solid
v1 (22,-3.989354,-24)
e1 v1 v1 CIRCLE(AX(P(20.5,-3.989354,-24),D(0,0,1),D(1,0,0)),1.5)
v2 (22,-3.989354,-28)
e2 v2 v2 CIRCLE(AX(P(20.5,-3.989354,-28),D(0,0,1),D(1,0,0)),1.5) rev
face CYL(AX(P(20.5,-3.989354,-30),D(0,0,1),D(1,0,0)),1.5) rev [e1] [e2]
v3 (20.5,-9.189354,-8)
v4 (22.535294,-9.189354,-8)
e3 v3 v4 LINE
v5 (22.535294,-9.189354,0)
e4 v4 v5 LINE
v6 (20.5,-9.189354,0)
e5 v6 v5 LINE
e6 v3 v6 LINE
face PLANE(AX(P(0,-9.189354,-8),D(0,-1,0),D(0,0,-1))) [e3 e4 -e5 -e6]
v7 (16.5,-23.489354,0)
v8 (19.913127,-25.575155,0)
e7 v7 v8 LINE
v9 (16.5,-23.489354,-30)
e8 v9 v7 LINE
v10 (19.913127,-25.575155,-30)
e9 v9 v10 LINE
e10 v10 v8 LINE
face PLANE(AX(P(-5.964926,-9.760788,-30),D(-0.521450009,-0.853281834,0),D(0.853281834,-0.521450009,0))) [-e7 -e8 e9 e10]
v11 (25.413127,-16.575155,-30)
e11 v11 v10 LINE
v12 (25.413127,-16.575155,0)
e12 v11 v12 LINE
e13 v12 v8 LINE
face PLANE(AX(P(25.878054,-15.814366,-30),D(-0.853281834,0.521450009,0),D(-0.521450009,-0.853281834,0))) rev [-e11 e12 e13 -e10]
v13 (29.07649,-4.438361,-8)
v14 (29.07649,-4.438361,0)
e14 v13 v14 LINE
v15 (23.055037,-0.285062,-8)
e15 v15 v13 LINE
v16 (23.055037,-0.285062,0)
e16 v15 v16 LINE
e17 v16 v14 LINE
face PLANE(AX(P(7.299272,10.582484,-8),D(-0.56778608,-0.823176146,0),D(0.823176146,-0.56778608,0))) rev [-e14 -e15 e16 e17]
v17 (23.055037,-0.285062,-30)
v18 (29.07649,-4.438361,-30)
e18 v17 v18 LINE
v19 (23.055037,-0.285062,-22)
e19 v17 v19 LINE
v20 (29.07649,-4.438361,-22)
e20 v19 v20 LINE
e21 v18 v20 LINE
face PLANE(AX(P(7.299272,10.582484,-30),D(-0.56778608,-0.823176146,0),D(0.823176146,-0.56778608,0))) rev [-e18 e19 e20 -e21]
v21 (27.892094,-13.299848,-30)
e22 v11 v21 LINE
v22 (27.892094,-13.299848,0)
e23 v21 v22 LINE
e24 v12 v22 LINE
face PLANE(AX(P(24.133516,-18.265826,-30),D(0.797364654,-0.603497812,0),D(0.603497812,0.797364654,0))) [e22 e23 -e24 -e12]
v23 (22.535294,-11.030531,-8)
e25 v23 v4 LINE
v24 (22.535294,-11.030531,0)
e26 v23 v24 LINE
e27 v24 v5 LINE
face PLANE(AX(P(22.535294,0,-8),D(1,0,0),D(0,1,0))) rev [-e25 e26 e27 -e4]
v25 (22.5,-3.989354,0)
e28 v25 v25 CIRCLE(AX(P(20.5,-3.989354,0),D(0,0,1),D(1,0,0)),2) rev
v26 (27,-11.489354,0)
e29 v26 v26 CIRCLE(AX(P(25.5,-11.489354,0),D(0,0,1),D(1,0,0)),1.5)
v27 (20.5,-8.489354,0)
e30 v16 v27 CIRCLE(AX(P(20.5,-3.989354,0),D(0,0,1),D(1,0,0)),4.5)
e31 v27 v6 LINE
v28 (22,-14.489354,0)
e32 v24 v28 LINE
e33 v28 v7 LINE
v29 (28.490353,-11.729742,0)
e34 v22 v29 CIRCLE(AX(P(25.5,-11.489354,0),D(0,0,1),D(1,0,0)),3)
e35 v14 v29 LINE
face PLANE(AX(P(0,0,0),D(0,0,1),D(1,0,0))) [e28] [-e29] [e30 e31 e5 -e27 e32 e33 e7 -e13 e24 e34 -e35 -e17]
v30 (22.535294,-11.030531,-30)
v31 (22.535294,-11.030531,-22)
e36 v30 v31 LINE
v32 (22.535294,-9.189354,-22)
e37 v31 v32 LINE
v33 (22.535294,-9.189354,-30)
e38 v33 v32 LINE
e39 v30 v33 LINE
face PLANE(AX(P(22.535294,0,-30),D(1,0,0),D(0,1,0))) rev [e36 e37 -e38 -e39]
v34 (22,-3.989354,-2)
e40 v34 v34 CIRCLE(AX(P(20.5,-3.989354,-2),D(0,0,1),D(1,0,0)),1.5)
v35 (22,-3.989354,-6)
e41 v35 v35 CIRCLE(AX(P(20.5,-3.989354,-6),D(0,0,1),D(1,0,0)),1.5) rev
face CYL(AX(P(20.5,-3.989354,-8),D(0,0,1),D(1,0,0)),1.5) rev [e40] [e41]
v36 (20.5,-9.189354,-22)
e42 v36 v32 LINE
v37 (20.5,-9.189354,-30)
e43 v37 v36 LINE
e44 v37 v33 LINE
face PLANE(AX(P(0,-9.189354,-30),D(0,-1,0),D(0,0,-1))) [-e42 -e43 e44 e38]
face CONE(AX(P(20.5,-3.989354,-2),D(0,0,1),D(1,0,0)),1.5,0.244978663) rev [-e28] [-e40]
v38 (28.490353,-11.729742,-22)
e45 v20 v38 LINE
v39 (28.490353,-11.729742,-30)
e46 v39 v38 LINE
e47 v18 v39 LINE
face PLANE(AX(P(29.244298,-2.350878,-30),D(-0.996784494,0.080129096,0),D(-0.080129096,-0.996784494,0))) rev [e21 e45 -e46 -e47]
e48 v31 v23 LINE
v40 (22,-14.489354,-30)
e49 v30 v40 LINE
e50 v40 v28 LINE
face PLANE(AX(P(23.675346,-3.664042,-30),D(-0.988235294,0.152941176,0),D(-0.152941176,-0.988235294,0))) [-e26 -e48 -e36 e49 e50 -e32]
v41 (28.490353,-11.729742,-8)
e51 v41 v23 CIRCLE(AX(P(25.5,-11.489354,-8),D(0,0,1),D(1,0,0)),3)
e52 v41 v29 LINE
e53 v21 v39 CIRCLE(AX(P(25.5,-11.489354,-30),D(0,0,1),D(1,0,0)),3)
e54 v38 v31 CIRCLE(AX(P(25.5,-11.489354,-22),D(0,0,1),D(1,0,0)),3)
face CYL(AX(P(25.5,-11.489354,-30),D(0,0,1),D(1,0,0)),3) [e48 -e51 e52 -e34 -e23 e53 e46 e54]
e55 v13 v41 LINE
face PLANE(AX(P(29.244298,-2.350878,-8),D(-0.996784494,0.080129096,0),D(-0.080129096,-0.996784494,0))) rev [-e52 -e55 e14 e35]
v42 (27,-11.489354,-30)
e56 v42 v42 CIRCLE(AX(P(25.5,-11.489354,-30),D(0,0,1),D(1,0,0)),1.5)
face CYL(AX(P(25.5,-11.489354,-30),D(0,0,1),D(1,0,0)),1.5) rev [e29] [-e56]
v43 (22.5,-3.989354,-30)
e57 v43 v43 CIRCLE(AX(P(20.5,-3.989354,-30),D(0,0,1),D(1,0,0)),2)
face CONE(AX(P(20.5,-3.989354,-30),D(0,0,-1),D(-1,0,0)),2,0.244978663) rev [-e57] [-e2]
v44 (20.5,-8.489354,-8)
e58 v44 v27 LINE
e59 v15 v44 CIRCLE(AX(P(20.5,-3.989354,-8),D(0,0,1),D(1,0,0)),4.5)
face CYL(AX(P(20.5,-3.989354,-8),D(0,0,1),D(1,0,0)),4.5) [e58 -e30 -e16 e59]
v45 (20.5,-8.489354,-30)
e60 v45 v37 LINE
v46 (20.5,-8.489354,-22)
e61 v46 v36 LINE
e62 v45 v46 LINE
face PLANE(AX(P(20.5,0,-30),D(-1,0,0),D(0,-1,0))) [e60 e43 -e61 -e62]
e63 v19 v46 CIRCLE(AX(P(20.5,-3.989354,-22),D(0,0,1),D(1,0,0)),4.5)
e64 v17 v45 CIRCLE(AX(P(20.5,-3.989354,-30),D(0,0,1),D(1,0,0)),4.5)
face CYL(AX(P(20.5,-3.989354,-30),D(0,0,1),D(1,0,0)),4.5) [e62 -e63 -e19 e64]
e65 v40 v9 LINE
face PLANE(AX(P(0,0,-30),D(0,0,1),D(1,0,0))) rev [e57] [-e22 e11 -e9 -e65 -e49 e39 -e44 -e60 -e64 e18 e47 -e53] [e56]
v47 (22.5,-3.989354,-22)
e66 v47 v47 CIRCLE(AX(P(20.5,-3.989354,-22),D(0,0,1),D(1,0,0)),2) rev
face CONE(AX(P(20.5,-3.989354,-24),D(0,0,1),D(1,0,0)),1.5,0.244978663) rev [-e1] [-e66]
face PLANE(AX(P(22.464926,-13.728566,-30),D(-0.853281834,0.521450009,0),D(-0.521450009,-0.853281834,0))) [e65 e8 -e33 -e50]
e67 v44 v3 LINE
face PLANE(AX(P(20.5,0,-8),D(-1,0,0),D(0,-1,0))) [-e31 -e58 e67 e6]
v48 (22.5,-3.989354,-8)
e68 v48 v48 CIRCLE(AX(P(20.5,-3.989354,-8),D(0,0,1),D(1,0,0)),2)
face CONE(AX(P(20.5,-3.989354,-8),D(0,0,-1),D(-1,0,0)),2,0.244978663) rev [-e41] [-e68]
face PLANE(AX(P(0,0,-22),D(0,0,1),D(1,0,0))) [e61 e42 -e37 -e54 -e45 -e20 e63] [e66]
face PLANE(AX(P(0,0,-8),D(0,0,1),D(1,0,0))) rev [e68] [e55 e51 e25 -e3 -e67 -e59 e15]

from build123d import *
from OCP.BRepFilletAPI import BRepFilletAPI_MakeChamfer

# Parameters (mm, degrees)
SKETCH1_R           = 3
SKETCH1_R_2         = 1.5
BOSS_EXTRUDE1_DEPTH = 30
SKETCH1_5_R         = 4.5
SKETCH1_5_R_2       = 1.5
SKETCH1_5_W         = 2.035294118
SKETCH1_5_H         = 0.7
BOSS_EXTRUDE2_DEPTH = 8
LPATTERN1_COUNT     = 2
LPATTERN1_PITCH     = 22
CHAMFER1_SIZE       = 0.5
CHAMFER1_SIZE2      = 2
CHAMFER2_SIZE       = 2
CHAMFER2_SIZE2      = 0.5
CHAMFER3_SIZE       = 2
CHAMFER3_SIZE2      = 0.5


with BuildPart() as part:
    # Sketch1 → Boss-Extrude1 (new body)
    # profile 1 of 3: a face of its own
    with BuildSketch(Plane.XY):
        Polygon((22, -14.489354466), (25.413127335, -16.575154503), (19.913127335, -25.575154503), (16.5, -23.489354466), align=None)
    # profile 2 of 3: a face of its own
    with BuildSketch(Plane.XY):
        with BuildLine():
            Line((22.535294118, -11.030530936), (22, -14.489354466))
            Line((22, -14.489354466), (25.413127335, -16.575154503))
            Line((25.413127335, -16.575154503), (27.892093962, -13.2998479))
            ThreePointArc((27.892093962, -13.2998479), (24.329777383, -14.251704738), (22.535294118, -11.030530936))
        make_face()
    # profile 3 of 3: a face of its own
    with BuildSketch(Plane.XY):
        with Locations((25.5, -11.489354466)):
            Circle(SKETCH1_R)
        with Locations((25.5, -11.489354466)):
            Circle(SKETCH1_R_2, mode=Mode.SUBTRACT)
    extrude(amount=-BOSS_EXTRUDE1_DEPTH)

    # Sketch1<5> → Boss-Extrude2 (add)
    # profile 1 of 3: a face of its own
    with BuildSketch(Plane.XY):
        with BuildLine():
            Line((22.535294118, -9.189354466), (22.535294118, -11.030530936))
            ThreePointArc((22.535294118, -11.030530936), (25.730089497, -8.498191009), (28.5, -11.489354466))
            ThreePointArc((28.5, -11.489354466), (28.497587401, -11.609644848), (28.490353483, -11.729741755))
            Line((28.490353483, -11.729741755), (29.076489945, -4.438361169))
            Line((29.076489945, -4.438361169), (23.055037361, -0.285061809))
            ThreePointArc((23.055037361, -0.285061809), (24.484198045, -1.897425705), (25, -3.989354466))
            ThreePointArc((25, -3.989354466), (23.681980515, -7.171334981), (20.5, -8.489354466))
            Line((20.5, -8.489354466), (22.535294118, -8.489354466))
            Line((22.535294118, -8.489354466), (22.535294118, -9.189354466))
        make_face()
    # profile 2 of 3: a face of its own
    with BuildSketch(Plane.XY):
        with Locations((20.5, -3.989354466)):
            Circle(SKETCH1_5_R)
        with Locations((20.5, -3.989354466)):
            Circle(SKETCH1_5_R_2, mode=Mode.SUBTRACT)
    # profile 3 of 3: a face of its own
    with BuildSketch(Plane.XY):
        with Locations((21.517647059, -8.839354466)):
            Rectangle(SKETCH1_5_W, SKETCH1_5_H)
    boss_extrude2 = extrude(amount=-BOSS_EXTRUDE2_DEPTH)

    # LPattern1: Boss-Extrude2 ×2
    with Locations(*[(0, 0, -i * LPATTERN1_PITCH) for i in range(1, LPATTERN1_COUNT)]):
        add(boss_extrude2)

    # Chamfer1: one chamfer whose edges measure the first distance from different faces: ONE call of the kernel's chamfer builder (chamfer() names one face for all edges)
    chamfer1_edges_1 = [part.edges().sort_by_distance(p)[0] for p in [
        (19, -3.989354466, 0),
    ]]
    chamfer1_side_1 = [part.faces().sort_by_distance(p)[0] for p in [
        (22.584533606, -10.229298643, 0),
    ]]
    chamfer1_edges_2 = [part.edges().sort_by_distance(p)[0] for p in [
        (19, -3.989354466, -22),
    ]]
    chamfer1_side_2 = [part.faces().sort_by_distance(p)[0] for p in [
        (22.505894665, -4.865120782, -22),
    ]]
    chamfer1 = BRepFilletAPI_MakeChamfer(part.part.solid().wrapped)
    for e in chamfer1_edges_1:
        chamfer1.Add(CHAMFER1_SIZE, CHAMFER1_SIZE2, e.wrapped, chamfer1_side_1[0].wrapped)  # the first distance lies on this face
    for e in chamfer1_edges_2:
        chamfer1.Add(CHAMFER1_SIZE, CHAMFER1_SIZE2, e.wrapped, chamfer1_side_2[0].wrapped)  # the first distance lies on this face
    add(Compound.cast(chamfer1.Shape()), mode=Mode.REPLACE)

    # Chamfer2
    chamfer2_edges = [part.edges().sort_by_distance(p)[0] for p in [
        (19, -3.989354466, -8),
    ]]
    chamfer2_side = [part.faces().sort_by_distance(p)[0] for p in [
        (19, -3.989354466, -5),
    ]]
    chamfer(chamfer2_edges, length=CHAMFER2_SIZE, length2=CHAMFER2_SIZE2, reference=chamfer2_side[0])

    # Chamfer3
    chamfer3_edges = [part.edges().sort_by_distance(p)[0] for p in [
        (19, -3.989354466, -30),
    ]]
    chamfer3_side = [part.faces().sort_by_distance(p)[0] for p in [
        (19, -3.989354466, -27),
    ]]
    chamfer(chamfer3_edges, length=CHAMFER3_SIZE, length2=CHAMFER3_SIZE2, reference=chamfer3_side[0])


solid = part.part
